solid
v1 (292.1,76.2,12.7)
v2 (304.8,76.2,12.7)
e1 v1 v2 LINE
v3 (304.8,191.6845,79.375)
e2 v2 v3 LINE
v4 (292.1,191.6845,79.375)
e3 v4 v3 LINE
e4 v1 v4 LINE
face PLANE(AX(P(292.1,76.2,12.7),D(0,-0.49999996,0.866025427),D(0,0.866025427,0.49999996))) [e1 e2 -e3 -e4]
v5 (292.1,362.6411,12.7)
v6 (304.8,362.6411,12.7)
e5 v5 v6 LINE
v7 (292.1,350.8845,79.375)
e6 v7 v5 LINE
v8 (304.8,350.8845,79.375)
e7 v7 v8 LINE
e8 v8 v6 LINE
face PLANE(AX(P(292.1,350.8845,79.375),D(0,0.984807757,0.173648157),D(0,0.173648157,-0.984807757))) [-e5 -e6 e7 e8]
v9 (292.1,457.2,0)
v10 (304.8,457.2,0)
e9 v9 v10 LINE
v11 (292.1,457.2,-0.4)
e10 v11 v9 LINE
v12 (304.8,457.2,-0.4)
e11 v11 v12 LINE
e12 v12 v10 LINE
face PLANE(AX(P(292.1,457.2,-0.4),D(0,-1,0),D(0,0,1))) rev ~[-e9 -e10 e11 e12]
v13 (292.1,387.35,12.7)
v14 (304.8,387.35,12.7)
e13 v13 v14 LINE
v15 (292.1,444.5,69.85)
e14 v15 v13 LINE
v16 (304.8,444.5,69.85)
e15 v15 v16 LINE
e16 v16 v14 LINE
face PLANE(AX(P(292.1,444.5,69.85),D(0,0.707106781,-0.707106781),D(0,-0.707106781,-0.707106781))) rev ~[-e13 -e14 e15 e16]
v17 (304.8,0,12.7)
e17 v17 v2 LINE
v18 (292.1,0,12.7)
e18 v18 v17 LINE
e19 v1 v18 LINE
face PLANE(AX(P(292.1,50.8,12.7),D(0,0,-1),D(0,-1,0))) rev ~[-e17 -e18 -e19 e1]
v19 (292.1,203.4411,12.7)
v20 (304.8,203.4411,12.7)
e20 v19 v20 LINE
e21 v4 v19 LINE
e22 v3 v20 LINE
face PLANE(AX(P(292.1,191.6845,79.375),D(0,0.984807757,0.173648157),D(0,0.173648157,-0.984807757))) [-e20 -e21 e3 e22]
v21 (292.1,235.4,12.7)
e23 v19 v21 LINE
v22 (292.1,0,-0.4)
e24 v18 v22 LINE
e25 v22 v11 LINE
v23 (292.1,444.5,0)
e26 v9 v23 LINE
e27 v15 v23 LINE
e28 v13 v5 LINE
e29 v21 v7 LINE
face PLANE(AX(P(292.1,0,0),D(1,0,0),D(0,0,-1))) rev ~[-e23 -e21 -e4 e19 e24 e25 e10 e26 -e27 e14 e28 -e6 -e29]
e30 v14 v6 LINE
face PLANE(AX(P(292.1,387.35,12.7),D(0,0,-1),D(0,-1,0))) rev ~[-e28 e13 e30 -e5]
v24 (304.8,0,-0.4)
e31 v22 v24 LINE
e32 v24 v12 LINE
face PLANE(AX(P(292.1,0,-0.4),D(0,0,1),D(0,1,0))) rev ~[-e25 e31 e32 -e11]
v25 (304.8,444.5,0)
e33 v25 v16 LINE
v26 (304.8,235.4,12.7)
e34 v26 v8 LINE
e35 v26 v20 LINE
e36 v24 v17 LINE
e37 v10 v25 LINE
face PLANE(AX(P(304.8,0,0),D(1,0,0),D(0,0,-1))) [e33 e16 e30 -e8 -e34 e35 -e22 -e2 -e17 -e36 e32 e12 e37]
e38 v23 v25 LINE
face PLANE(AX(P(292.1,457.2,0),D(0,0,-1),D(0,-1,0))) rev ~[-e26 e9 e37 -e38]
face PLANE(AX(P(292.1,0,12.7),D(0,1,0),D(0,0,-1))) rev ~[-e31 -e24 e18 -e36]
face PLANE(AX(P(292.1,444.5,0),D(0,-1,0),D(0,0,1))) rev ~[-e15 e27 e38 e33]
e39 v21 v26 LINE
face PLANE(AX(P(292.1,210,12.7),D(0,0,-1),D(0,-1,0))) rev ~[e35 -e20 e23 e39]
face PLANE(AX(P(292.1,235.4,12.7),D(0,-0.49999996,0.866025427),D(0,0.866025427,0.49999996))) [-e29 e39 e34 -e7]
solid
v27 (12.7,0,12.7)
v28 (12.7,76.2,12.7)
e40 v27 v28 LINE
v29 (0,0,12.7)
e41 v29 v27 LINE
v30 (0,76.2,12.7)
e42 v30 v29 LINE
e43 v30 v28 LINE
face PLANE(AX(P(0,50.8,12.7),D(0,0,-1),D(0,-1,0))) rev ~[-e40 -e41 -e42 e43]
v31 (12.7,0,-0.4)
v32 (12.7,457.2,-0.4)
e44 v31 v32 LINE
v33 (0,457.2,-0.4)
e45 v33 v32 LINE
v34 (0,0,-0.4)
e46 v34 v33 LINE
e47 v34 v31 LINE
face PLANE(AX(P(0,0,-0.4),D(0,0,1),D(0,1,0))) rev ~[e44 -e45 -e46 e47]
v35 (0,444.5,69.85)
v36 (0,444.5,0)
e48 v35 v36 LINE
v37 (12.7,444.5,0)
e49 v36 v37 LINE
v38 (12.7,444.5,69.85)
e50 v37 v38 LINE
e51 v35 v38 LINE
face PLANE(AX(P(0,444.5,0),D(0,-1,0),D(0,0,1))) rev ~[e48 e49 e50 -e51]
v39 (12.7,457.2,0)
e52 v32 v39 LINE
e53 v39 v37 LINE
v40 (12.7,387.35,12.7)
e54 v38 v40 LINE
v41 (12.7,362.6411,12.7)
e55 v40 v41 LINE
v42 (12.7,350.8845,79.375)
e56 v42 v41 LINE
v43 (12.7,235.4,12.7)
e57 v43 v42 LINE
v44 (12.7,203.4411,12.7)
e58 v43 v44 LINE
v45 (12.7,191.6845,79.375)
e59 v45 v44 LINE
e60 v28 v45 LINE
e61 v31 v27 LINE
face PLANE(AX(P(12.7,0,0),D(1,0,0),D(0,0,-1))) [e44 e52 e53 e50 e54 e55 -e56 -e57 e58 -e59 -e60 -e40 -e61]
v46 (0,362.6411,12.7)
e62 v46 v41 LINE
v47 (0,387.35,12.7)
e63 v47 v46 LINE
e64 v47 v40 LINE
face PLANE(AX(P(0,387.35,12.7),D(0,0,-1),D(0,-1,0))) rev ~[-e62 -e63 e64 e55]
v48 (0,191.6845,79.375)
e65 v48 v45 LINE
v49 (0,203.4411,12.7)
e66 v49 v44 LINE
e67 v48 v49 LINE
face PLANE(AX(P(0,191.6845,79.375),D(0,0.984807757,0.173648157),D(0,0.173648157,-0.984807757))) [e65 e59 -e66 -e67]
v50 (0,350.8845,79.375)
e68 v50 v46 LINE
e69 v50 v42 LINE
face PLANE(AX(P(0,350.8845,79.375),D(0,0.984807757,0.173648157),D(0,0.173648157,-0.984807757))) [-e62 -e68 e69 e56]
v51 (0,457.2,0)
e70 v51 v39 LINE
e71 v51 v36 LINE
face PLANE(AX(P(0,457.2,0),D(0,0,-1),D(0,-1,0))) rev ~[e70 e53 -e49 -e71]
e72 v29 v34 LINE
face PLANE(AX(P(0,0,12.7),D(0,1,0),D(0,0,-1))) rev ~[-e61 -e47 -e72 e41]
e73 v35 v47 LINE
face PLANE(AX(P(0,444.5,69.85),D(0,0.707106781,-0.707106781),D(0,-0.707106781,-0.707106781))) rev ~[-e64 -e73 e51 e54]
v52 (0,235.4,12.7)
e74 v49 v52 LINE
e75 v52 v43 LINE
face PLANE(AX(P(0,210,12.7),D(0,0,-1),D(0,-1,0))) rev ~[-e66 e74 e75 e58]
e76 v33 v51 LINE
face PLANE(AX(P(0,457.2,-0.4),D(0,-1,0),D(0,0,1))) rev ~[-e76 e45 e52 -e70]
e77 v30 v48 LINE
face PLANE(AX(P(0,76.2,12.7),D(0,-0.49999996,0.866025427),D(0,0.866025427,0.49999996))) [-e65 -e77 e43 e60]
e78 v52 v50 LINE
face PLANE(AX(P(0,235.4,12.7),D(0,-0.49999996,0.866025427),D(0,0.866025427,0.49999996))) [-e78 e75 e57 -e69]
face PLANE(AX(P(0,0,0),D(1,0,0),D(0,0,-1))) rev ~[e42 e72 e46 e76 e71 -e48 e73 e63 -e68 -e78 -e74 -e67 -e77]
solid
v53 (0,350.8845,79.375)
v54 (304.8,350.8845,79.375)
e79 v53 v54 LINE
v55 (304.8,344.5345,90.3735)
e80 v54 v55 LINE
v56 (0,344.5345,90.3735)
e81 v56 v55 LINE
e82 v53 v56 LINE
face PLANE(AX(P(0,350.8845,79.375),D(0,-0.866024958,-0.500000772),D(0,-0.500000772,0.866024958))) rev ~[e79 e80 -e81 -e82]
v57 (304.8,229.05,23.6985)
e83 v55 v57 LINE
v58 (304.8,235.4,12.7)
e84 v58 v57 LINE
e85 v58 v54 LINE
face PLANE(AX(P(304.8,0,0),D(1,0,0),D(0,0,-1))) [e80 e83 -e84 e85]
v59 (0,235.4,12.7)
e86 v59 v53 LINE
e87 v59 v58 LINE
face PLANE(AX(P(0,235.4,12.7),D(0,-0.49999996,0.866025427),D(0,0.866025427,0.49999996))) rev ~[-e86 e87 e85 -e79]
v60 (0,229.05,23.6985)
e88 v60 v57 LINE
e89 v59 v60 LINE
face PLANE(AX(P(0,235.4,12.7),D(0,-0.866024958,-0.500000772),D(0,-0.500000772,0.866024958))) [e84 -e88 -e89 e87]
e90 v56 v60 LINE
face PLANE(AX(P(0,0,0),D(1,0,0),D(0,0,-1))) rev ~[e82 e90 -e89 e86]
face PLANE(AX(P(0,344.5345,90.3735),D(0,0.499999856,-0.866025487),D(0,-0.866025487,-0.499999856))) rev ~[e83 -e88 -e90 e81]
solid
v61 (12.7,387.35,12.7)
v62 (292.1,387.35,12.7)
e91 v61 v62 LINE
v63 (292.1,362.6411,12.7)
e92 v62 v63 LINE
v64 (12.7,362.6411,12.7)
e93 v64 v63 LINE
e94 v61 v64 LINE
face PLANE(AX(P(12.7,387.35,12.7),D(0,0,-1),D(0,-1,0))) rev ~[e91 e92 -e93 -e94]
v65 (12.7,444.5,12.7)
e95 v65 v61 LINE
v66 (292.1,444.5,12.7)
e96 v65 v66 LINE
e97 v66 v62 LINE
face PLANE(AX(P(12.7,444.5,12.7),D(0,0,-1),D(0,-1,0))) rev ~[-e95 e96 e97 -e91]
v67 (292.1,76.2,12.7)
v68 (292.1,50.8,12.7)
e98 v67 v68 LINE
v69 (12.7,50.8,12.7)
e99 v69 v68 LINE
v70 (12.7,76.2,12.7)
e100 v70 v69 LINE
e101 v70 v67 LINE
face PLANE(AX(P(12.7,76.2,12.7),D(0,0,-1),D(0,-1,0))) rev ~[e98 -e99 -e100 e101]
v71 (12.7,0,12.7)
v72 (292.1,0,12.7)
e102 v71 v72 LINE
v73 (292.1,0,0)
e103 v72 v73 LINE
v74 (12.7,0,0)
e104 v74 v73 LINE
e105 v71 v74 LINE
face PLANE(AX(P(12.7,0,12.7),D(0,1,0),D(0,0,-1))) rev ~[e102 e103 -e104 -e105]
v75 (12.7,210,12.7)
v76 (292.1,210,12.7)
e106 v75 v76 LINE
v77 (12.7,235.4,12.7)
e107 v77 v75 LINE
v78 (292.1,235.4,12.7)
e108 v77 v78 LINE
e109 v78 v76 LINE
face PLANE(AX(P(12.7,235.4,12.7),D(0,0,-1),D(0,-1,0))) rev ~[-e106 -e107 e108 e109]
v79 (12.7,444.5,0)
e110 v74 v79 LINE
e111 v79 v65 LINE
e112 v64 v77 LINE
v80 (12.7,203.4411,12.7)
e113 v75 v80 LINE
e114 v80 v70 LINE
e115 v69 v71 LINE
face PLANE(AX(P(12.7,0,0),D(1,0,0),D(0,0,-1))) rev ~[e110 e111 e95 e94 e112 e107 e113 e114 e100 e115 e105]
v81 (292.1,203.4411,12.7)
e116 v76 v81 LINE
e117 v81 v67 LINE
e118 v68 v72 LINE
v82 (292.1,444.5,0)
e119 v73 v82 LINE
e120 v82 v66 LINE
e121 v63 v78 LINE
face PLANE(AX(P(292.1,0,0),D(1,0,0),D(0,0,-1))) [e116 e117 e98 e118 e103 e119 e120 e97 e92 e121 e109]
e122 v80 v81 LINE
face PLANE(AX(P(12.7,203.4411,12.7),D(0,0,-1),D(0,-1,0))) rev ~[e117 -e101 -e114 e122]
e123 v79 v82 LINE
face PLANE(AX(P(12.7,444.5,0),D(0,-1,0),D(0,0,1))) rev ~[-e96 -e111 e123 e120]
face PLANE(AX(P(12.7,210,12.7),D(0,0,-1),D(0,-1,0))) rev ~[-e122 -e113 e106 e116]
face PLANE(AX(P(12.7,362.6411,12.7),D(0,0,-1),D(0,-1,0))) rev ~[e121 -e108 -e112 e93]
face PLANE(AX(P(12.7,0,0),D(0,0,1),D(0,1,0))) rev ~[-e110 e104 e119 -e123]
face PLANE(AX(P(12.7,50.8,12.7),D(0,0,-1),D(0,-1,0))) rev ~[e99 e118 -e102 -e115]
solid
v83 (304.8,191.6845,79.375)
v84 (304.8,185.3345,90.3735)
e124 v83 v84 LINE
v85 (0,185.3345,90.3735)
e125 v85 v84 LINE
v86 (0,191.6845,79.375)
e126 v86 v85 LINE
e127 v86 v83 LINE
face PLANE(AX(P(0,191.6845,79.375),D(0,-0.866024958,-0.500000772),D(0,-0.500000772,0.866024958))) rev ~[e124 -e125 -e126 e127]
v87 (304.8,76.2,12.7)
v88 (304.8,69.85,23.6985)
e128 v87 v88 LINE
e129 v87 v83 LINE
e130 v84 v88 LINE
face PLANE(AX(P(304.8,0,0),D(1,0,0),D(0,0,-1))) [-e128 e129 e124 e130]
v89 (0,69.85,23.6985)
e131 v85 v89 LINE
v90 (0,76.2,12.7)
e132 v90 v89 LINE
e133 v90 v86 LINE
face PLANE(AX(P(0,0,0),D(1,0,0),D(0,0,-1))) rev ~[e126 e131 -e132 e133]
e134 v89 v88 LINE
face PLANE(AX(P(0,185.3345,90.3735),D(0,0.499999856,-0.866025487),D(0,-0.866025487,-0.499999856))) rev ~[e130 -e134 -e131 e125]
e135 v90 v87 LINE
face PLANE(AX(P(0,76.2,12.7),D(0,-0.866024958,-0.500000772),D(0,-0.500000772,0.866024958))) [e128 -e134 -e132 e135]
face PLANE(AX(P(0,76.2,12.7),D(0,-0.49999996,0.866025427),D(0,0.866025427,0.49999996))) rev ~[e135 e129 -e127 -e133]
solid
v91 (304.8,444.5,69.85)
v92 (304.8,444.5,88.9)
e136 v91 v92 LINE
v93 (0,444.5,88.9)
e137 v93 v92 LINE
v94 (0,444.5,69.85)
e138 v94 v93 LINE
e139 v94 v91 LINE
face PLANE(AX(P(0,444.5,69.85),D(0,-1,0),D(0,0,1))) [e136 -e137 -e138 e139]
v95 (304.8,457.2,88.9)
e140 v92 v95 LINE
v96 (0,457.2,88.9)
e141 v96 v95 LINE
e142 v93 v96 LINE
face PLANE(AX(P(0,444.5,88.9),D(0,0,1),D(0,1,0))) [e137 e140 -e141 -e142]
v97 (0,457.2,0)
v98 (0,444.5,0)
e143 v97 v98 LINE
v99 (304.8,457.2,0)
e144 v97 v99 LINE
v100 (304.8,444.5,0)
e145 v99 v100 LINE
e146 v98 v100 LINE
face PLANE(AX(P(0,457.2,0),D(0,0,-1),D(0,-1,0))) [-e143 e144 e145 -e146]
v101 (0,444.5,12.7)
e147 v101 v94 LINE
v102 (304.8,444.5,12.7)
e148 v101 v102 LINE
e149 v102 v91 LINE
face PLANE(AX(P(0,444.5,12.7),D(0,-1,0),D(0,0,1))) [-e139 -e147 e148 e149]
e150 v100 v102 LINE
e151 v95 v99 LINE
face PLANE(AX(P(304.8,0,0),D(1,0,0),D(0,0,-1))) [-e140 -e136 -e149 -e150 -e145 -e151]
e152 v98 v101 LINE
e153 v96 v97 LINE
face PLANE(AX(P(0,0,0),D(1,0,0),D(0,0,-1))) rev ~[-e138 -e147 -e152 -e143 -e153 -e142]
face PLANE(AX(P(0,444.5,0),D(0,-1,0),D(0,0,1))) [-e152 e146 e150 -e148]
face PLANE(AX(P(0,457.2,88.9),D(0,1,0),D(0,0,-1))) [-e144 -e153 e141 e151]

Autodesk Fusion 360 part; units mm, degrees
sketch "Sketch1" plane through (0, 0, 0) normal (1, 0, 0) x (0, 0, -1)
  line L0 (0, 0) -> (0, 444.5)
  line L1 (0, 444.5) -> (-12.7, 444.5)
  line L2 (-12.7, 444.5) -> (-12.7, 0)
  line L3 (-12.7, 0) -> (0, 0)
  line L4 (0, 444.5) -> (-88.9, 444.5)
  line L5 (-88.9, 444.5) -> (-88.9, 457.2)
  line L6 (-88.9, 457.2) -> (0, 457.2)
  line L7 (0, 457.2) -> (0, 444.5)
  line L8 (-69.85, 444.5) -> (-12.7, 387.35)
  line L9 (-12.7, 76.2) -> (-79.375, 191.6845)
  line L10 (-79.375, 191.6845) -> (-12.7, 203.4411)
  line L11 (-12.7, 235.4) -> (-79.375, 350.8845)
  line L12 (-79.375, 350.8845) -> (-12.7, 362.6411)
  line L13 (-79.375, 191.6845) -> (-90.3735, 185.3345)
  line L14 (-90.3735, 185.3345) -> (-12.7, 50.8)
  line L15 (-79.375, 350.8845) -> (-90.3735, 344.5345)
  line L16 (-90.3735, 344.5345) -> (-12.7, 210)
  line L17 (-12.7, 76.2) -> (-23.6985, 69.85)
  line L18 (-12.7, 235.4) -> (-23.6985, 229.05)
  line L19 (0, 0) -> (0.4, 0)
  line L20 (0.4, 0) -> (0.4, 457.2)
  line L21 (0.4, 457.2) -> (0, 457.2)
  dimension "d5" = 12.7
  dimension "d6" = 457.2
  dimension "d7" = 12.7
  dimension "d8" = 88.9
  dimension "d9" = 45
  dimension "d10" = 19.05
  dimension "d11" = 30
  dimension "d12" = 80
  dimension "d13" = 12.7
  dimension "d15" = 133.35
  dimension "d16" = 50.8
  dimension "d17" = 210
  dimension "d100" = 0.4
extrude "Extrude1" add sketch "Sketch1" along normal blind 12.7 contours L0 L1 L2 L3 L4 | L0 L7 L19 L20 L21 | L2 L4 L8 | L2 L9 L10 | L2 L11 L12 makes body 1 in component "Left End"
extrude "Extrude1'" add sketch "Sketch1" along normal blind 279.4 from surface at 12.7 separate body contours L0 L1 L2 L3 L4 makes body 2 in component "Back"
extrude "Extrude1''" add sketch "Sketch1" along normal blind 12.7 from surface at 292.1 separate body contours L0 L1 L2 L3 L4 | L0 L7 L19 L20 L21 | L2 L4 L8 | L2 L9 L10 | L2 L11 L12 makes body 3 in component "Right End"
extrude "Extrude1'''" add sketch "Sketch1" along normal blind 304.8 separate body contours L1 L4 L5 L6 L7 makes body 4 in component "Shelf"
extrude "Extrude1''''" add sketch "Sketch1" along normal blind 304.8 separate body contours L11 L15 L16 L18 makes body 5 in component "Top Cubbie"
extrude "Extrude1'''''" add sketch "Sketch1" along normal blind 304.8 separate body contours L9 L13 L14 L17 makes body 6 in component "Bottom Cubbie"
component "Left End" placed x (1, 0, 0) y (0, 1, 0) z (0, 0, 1) at (0, 0, 0)
component "Back" placed x (1, 0, 0) y (0, 1, 0) z (0, 0, 1) at (0, 0, 0)
component "Right End" placed x (1, 0, 0) y (0, 1, 0) z (0, 0, 1) at (0, 0, 0)
component "Shelf" placed x (1, 0, 0) y (0, 1, 0) z (0, 0, 1) at (0, 0, 0)
component "Top Cubbie" placed x (1, 0, 0) y (0, 1, 0) z (0, 0, 1) at (0, 0, 0)
component "Bottom Cubbie" placed x (1, 0, 0) y (0, 1, 0) z (0, 0, 1) at (0, 0, 0)
equation "Ply1 = 18 mm" comment "3/4\" Plywood thickness"
equation "Height = 18 in"
equation "Width = 12 in"
equation "Ply2 = 12.7 mm" comment "1/2\" Plywood thickness"
equation "d5 = Ply2"
equation "d6 = Height"
equation "d7 = Ply2"
equation "d13 = Ply2"
equation "d18 = Ply2"
equation "Dado = 6.35 mm" comment "Dado Depth"
equation "Clr = 0.4 mm" comment "Clearance Distance"
equation "d29 = Width - ( 2 * Ply2 )"
equation "d32 = Ply2"
equation "d34 = Width"
equation "d36 = Width"
equation "d38 = Width"
equation "d100 = Clr"
